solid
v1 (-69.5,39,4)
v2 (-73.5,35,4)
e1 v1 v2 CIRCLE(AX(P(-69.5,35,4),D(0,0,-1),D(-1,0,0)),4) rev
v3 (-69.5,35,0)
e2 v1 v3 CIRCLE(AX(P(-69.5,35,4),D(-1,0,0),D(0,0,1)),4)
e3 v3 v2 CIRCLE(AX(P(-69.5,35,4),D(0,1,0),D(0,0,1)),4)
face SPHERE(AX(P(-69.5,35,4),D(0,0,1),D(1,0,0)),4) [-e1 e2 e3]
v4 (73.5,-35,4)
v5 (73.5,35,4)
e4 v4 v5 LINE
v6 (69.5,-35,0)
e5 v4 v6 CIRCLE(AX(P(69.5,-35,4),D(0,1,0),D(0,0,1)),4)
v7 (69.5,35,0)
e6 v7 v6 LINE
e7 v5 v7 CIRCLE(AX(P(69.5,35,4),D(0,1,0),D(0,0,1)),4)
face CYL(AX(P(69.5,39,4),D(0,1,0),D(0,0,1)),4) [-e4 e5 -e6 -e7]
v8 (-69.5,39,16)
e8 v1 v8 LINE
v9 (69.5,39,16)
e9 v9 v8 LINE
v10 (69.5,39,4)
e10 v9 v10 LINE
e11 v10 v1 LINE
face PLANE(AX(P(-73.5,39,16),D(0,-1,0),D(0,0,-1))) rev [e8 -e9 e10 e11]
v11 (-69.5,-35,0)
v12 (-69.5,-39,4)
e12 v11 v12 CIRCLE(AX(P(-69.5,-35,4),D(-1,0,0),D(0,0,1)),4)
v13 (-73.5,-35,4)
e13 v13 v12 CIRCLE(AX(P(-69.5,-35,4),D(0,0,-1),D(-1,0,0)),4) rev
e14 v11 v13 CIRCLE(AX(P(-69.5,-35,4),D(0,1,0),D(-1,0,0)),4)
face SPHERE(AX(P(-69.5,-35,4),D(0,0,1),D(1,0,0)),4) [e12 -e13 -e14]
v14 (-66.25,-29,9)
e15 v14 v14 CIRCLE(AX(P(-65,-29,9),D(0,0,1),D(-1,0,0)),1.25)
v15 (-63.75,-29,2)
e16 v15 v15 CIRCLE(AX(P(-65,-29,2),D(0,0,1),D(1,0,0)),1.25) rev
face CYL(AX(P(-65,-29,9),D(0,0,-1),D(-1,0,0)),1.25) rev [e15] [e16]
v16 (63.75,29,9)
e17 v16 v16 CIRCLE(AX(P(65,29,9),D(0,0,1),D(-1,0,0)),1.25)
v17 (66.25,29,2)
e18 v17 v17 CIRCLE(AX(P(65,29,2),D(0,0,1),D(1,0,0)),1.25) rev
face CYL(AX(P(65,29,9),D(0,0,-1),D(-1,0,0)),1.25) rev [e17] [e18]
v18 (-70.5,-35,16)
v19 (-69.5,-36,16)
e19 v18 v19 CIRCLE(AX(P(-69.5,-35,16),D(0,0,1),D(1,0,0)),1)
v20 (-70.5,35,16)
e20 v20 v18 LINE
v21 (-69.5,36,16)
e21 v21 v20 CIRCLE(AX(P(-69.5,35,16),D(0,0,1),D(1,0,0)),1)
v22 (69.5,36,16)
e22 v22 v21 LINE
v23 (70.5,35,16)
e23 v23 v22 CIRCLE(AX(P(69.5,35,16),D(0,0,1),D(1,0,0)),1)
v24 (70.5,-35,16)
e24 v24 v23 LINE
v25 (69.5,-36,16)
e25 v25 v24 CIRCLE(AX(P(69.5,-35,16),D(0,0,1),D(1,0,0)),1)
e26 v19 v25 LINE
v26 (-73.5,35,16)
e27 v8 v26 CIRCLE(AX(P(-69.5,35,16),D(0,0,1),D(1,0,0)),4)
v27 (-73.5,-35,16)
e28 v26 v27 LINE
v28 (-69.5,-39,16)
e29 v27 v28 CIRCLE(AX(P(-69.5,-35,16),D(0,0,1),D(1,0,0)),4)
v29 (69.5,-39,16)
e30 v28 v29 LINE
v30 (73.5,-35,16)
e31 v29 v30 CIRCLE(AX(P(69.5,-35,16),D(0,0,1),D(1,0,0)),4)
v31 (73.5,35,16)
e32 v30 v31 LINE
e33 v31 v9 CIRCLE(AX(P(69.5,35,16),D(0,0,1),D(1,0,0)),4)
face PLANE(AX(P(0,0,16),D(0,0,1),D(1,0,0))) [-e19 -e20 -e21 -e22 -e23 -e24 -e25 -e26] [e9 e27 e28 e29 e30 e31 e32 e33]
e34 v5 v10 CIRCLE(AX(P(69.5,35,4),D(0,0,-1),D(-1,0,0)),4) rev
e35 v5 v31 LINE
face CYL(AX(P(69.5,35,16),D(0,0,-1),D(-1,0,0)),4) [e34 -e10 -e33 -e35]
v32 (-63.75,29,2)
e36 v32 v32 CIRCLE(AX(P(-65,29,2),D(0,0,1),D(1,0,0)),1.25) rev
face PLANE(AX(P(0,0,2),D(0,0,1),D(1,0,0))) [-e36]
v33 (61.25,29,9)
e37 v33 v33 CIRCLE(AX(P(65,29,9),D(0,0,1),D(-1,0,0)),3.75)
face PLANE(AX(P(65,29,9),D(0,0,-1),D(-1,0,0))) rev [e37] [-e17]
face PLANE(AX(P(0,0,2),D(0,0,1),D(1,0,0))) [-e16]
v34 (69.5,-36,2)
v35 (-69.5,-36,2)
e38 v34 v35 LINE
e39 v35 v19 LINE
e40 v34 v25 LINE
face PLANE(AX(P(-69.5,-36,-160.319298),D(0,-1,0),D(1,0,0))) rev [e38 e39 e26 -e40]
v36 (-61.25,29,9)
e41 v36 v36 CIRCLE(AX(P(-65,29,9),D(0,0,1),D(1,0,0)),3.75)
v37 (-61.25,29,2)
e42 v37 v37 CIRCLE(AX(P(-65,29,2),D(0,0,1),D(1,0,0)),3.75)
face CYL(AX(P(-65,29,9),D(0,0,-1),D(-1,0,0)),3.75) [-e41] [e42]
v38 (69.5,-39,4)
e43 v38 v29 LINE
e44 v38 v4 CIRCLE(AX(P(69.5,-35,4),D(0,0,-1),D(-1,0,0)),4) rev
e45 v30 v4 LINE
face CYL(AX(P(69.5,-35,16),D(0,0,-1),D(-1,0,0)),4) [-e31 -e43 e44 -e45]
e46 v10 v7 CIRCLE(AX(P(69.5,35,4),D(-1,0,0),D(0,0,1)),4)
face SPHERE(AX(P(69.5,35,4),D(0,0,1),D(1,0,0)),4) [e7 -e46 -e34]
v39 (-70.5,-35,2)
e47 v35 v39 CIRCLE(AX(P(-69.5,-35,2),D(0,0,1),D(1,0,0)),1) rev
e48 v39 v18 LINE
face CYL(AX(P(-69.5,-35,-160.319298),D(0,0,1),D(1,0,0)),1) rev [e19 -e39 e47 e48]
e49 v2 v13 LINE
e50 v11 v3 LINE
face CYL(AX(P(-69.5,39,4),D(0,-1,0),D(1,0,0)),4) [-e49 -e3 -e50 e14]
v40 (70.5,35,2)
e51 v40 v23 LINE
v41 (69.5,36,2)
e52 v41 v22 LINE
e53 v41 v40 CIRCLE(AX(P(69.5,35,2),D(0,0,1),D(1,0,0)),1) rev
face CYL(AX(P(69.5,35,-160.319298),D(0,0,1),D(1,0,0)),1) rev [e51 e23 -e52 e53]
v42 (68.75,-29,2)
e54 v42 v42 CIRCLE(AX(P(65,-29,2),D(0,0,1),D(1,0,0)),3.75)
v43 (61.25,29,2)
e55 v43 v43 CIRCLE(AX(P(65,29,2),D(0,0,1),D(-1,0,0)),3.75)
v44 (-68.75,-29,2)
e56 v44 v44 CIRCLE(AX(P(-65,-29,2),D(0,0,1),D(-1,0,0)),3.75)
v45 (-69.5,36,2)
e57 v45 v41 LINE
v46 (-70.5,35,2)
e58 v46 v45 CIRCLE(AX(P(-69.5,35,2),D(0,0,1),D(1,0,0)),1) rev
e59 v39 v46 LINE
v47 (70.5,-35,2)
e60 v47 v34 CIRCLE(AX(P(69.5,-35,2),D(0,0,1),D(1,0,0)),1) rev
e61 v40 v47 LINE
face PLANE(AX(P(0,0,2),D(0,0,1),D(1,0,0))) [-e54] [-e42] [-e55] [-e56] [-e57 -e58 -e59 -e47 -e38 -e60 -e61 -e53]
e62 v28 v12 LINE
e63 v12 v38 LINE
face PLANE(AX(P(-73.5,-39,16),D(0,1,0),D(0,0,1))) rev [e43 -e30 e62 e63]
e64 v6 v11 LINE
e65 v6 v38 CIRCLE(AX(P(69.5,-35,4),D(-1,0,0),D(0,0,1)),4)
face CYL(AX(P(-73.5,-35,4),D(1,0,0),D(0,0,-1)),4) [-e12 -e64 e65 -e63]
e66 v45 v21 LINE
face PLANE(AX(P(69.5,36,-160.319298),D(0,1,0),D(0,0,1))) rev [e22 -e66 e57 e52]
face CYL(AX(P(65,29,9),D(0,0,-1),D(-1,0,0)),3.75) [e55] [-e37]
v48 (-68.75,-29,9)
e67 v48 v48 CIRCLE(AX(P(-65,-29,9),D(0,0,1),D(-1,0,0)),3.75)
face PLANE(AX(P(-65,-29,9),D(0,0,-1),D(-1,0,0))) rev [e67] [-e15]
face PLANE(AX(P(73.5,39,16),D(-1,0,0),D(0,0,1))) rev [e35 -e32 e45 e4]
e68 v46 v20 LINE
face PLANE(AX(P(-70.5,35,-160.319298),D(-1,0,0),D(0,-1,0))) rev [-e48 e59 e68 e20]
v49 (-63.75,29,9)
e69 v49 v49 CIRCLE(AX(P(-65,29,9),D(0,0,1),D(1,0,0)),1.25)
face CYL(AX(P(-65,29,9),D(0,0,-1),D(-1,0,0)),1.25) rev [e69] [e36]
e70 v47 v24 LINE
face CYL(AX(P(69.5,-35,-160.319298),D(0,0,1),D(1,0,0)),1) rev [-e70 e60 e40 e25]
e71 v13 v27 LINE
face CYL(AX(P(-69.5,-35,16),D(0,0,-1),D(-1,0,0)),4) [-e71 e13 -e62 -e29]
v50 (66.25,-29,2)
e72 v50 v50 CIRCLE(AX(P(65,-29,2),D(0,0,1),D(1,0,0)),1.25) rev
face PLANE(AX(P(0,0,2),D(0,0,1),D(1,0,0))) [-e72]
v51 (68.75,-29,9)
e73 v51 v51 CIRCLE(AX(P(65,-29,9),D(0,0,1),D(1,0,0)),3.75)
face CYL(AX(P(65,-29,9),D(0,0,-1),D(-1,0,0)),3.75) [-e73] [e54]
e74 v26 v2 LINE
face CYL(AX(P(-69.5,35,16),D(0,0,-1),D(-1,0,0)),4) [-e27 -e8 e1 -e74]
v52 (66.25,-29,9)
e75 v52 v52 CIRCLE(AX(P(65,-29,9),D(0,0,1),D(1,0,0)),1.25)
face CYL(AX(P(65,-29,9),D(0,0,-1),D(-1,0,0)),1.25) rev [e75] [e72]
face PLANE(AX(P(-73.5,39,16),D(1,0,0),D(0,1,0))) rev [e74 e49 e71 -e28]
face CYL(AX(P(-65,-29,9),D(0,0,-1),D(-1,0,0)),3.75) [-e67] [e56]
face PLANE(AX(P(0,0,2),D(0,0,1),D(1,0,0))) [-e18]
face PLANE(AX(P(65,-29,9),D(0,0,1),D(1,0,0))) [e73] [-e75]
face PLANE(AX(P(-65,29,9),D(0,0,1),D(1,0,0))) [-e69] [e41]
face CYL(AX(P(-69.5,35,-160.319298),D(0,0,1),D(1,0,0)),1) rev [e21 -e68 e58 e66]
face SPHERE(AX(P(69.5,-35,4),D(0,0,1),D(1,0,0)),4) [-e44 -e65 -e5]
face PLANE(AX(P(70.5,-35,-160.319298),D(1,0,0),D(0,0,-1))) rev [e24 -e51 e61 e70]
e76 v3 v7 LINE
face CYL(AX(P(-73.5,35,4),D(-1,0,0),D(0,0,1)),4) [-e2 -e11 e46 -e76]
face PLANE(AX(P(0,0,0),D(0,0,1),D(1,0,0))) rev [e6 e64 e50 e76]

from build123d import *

# Parameters (mm, degrees)
SKETCH1_W           = 147
SKETCH1_H           = 78
BOSS_EXTRUDE1_DEPTH = 16
FILLET1_R           = 4
FILLET2_R           = 4
CUT_EXTRUDE1_DEPTH  = 14
SKETCH3_R           = 3.75
SKETCH3_R_2         = 1.25
BOSS_EXTRUDE2_DEPTH = 7


with BuildPart() as part:
    # Sketch1 → Boss-Extrude1 (new body)
    with BuildSketch(Plane.XY):
        Rectangle(SKETCH1_W, SKETCH1_H)
    extrude(amount=BOSS_EXTRUDE1_DEPTH)

    # Fillet1
    fillet1_edges = [part.edges().sort_by_distance(p)[0] for p in [
        (73.5, -39, 8),
        (-73.5, -39, 8),
        (-73.5, 39, 8),
        (73.5, 39, 8),
    ]]
    fillet(fillet1_edges, radius=FILLET1_R)

    # Fillet2
    fillet2_edges = [part.edges().sort_by_distance(p)[0] for p in [
        (0, -39, 0),
        (73.5, 0, 0),
        (-73.5, 0, 0),
        (0, 39, 0),
        (-72.328427125, 37.828427125, 0),
        (72.328427125, 37.828427125, 0),
        (72.328427125, -37.828427125, 0),
        (-72.328427125, -37.828427125, 0),
    ]]
    fillet(fillet2_edges, radius=FILLET2_R)

    # Sketch2 → Cut-Extrude1 (cut)
    with BuildSketch(Plane.XY.offset(16)):
        with BuildLine():
            Line((-70.5, 35), (-70.5, -35))
            ThreePointArc((-70.5, -35), (-70.207106781, -35.707106781), (-69.5, -36))
            Line((-69.5, -36), (69.5, -36))
            ThreePointArc((69.5, -36), (70.207106781, -35.707106781), (70.5, -35))
            Line((70.5, -35), (70.5, 35))
            ThreePointArc((70.5, 35), (70.207106781, 35.707106781), (69.5, 36))
            Line((69.5, 36), (-69.5, 36))
            ThreePointArc((-69.5, 36), (-70.207106781, 35.707106781), (-70.5, 35))
        make_face()
    extrude(amount=-CUT_EXTRUDE1_DEPTH, mode=Mode.SUBTRACT)

    # Sketch3 → Boss-Extrude2 (add)
    # profile 1 of 4: a face of its own
    with BuildSketch(Plane.XY.offset(2)):
        with Locations((-65, 29)):
            Circle(SKETCH3_R)
        with Locations((-65, 29)):
            Circle(SKETCH3_R_2, mode=Mode.SUBTRACT)
    # profile 2 of 4: a face of its own
    with BuildSketch(Plane.XY.offset(2)):
        with Locations(Location((65, 29, 0), (0, 0, 180))):
            Circle(SKETCH3_R)
        with Locations(Location((65, 29, 0), (0, 0, 180))):
            Circle(SKETCH3_R_2, mode=Mode.SUBTRACT)
    # profile 3 of 4: a face of its own
    with BuildSketch(Plane.XY.offset(2)):
        with Locations((65, -29)):
            Circle(SKETCH3_R)
        with Locations((65, -29)):
            Circle(SKETCH3_R_2, mode=Mode.SUBTRACT)
    # profile 4 of 4: a face of its own
    with BuildSketch(Plane.XY.offset(2)):
        with Locations(Location((-65, -29, 0), (0, 0, 180))):
            Circle(SKETCH3_R)
        with Locations(Location((-65, -29, 0), (0, 0, 180))):
            Circle(SKETCH3_R_2, mode=Mode.SUBTRACT)
    extrude(amount=BOSS_EXTRUDE2_DEPTH)


solid = part.part
